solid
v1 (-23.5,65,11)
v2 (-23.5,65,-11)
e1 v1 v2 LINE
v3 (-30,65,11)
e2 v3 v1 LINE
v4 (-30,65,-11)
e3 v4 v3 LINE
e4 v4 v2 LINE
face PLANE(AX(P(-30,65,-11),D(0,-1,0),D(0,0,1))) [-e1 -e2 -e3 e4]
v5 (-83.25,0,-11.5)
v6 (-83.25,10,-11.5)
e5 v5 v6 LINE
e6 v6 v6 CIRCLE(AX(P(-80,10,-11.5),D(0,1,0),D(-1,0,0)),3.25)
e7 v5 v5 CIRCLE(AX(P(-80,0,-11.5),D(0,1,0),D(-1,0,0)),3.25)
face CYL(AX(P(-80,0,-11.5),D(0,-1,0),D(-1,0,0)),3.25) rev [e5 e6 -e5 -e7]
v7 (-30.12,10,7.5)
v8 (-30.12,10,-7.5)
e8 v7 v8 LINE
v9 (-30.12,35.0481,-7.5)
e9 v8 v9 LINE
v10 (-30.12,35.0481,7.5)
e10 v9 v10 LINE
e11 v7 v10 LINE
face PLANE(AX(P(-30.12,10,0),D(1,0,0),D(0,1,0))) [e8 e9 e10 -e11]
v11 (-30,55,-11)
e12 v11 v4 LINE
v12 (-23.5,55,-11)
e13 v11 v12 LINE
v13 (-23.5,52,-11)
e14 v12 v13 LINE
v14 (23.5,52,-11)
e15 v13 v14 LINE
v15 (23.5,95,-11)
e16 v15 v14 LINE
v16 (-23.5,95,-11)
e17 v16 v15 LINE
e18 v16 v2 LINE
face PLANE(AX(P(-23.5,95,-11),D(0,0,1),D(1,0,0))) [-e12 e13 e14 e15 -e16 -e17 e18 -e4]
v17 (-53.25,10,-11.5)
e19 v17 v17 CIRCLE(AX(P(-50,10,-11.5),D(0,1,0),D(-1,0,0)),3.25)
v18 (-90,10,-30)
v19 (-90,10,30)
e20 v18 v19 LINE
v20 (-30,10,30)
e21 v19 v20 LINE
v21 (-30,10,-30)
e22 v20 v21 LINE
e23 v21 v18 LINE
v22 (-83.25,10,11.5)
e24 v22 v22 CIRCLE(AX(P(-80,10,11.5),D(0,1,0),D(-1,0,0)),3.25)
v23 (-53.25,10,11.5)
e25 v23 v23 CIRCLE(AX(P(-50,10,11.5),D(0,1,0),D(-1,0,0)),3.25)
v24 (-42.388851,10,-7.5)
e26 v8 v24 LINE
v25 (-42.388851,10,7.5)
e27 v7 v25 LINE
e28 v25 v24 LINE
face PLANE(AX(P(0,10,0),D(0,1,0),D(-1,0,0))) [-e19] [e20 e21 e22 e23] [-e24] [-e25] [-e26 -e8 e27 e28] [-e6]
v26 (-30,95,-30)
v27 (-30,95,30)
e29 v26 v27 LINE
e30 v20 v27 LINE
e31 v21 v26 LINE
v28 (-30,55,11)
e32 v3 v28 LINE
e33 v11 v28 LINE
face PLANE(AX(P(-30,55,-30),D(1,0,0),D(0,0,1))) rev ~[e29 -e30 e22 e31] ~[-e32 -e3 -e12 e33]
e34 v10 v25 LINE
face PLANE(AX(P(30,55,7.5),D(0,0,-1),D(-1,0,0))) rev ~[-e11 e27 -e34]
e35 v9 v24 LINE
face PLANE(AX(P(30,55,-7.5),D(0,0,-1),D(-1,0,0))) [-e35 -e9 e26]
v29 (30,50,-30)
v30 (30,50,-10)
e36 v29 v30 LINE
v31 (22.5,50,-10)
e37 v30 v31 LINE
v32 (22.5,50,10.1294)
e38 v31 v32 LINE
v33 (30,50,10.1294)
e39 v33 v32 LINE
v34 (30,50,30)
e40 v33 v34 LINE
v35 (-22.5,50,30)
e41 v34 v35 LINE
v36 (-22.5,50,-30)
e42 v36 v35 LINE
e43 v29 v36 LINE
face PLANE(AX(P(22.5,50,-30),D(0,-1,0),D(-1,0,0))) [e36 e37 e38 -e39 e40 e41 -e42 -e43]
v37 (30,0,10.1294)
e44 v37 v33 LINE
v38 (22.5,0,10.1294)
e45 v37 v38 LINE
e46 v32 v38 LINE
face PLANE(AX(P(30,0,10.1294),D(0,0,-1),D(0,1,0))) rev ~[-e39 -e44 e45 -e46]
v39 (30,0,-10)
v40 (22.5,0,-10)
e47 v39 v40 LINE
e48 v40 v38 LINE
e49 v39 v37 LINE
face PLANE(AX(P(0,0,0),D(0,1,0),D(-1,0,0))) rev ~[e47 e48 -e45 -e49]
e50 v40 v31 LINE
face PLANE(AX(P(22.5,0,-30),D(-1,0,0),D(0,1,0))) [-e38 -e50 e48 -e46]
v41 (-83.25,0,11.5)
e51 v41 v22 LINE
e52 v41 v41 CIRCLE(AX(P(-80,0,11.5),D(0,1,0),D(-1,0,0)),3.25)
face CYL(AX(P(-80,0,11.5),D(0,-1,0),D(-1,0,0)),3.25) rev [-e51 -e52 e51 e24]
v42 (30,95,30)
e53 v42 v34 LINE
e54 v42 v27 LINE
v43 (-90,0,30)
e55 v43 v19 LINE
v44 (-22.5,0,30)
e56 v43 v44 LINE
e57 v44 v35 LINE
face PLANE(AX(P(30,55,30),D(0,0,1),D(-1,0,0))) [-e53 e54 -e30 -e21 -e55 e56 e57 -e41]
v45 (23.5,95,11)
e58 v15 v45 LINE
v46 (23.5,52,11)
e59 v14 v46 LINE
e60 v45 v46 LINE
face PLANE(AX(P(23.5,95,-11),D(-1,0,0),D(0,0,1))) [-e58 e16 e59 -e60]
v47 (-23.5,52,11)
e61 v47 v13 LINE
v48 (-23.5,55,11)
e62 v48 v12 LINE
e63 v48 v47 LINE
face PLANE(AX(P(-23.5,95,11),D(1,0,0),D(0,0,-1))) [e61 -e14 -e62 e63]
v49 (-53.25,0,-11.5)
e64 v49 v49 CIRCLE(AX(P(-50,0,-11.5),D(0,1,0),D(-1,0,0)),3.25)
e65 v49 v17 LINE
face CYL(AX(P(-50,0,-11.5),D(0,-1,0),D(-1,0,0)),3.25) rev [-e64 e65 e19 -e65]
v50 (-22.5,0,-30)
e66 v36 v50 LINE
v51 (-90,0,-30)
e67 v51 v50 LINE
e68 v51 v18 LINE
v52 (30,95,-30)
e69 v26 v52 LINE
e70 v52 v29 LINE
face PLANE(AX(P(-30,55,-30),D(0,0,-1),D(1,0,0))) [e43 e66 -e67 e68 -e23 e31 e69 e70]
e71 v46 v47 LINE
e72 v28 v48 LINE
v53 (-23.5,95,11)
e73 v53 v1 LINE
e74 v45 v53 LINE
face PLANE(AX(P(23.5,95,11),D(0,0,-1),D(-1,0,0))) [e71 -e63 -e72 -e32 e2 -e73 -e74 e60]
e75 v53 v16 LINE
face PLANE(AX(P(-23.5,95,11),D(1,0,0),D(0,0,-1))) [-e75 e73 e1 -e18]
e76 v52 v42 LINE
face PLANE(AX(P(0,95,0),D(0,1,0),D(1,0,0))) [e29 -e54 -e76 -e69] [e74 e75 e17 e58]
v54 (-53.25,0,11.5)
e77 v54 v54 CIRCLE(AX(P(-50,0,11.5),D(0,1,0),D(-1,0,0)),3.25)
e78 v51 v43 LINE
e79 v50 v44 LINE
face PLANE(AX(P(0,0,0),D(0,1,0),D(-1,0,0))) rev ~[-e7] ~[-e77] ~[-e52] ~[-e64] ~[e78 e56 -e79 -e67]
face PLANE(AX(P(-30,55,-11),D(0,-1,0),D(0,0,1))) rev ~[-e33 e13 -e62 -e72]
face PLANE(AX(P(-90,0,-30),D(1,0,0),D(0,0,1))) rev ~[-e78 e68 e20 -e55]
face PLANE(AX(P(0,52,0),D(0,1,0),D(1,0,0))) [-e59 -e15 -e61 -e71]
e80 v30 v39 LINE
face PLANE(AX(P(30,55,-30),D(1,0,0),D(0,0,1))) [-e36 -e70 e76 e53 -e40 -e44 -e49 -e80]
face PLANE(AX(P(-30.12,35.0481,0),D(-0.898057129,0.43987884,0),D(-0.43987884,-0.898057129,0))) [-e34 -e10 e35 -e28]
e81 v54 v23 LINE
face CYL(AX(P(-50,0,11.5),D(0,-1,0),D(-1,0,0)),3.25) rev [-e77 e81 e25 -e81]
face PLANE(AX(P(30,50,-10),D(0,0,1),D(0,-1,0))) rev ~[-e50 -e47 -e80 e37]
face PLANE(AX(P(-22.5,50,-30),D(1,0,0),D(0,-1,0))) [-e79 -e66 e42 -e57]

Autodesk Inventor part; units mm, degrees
ref_plane "YZ Plane" through (0, 0, 0) normal (1, 0, 0) x (0, 1, 0)
ref_plane "XZ Plane" through (0, 0, 0) normal (0, 1, 0) x (-1, 0, 0)
ref_plane "XY Plane" through (0, 0, 0) normal (0, 0, 1) x (1, 0, 0)
sketch "Boceto2" plane through (0, 0, 0) normal (0, 1, 0) x (-1, 0, 0)
  line L0 (-30, 30) -> (30, 30)
  line L1 (30, 30) -> (30, -30)
  line L2 (30, -30) -> (-30, -30)
  line L3 (-30, -30) -> (-30, 30)
  line L4 (-30, 30) -> (30, -30) construction
  line L5 (30, 30) -> (-30, -30) construction
  point P0 (0, 0)
  dimension "d0" = 60
  dimension "d1" = 60
extrude "Extrusión1" add sketch "Boceto2" along normal blind 55
sketch "Boceto3" plane through (30, 0, -30) normal (0, 0, -1) x (-1, 0, 0)
  line L0 (7.5, 50) -> (52.5, 50)
  line L1 (52.5, 50) -> (52.5, 0)
  line L2 (52.5, 0) -> (7.5, 0)
  line L3 (7.5, 0) -> (7.5, 50)
  line L4 (0, 0) -> (60, 0) projected
  point P0 (30, 0)
  dimension "d4" = 45
  dimension "d5" = 50
  dimension "d6" = 0
extrude "Extrusión2" cut sketch "Boceto3" against normal blind 190
sketch "Boceto5" plane through (0, 0, 0) normal (0, 1, 0) x (-1, 0, 0)
  line L0 (30, -30) -> (30, 30) projected
  line L1 (30, 0) -> (60, 0)
  line L2 (90, 30) -> (30, 30)
  line L3 (30, 30) -> (30, -30)
  line L4 (30, -30) -> (90, -30)
  line L5 (90, -30) -> (90, 30)
  line L6 (90, 30) -> (30, -30) construction
  line L7 (30, 30) -> (90, -30) construction
  circle A0 centre (50, 11.5) radius 3.25
  circle A1 centre (50, -11.5) radius 3.25
  circle A2 centre (80, 11.5) radius 3.25
  circle A3 centre (80, -11.5) radius 3.25
  point P0 (0, 0)
  dimension "d16" = 30
  dimension "d17" = 60
  dimension "d18" = 60
  dimension "d19" = 6.5
  dimension "d20" = 20
  dimension "d21" = 18.5
  dimension "d22" = 23
  dimension "d23" = 6.5
  dimension "d24" = 30
  dimension "d25" = 18.5
extrude "Extrusión4" add sketch "Boceto5" along normal blind 10
sketch "Boceto6" plane through (0, 55, 0) normal (0, 1, 0) x (1, 0, 0)
  line L0 (-30, 30) -> (-30, -30) projected
  line L1 (30, -30) -> (-30, -30)
  line L2 (-30, -30) -> (-30, 30)
  line L3 (-30, 30) -> (30, 30)
  line L4 (30, 30) -> (30, -30)
  line L5 (30, -30) -> (-30, 30) construction
  line L6 (-30, -30) -> (30, 30) construction
  point P0 (0, 0)
  dimension "d28" = 60
extrude "Extrusión5" add sketch "Boceto6" along normal blind 40
sketch "Boceto7" plane through (0, 95, 0) normal (0, 1, 0) x (1, 0, 0)
  line L0 (-23.5, 11) -> (23.5, 11)
  line L1 (23.5, 11) -> (23.5, -11)
  line L2 (23.5, -11) -> (-23.5, -11)
  line L3 (-23.5, -11) -> (-23.5, 11)
  line L4 (-23.5, 11) -> (23.5, -11) construction
  line L5 (23.5, 11) -> (-23.5, -11) construction
  point P0 (0, 0)
  dimension "d31" = 47
  dimension "d32" = 22
extrude "Extrusión6" cut sketch "Boceto7" against normal blind 43
sketch "Boceto8" plane through (-30, 0, 30) normal (-1, 0, 0) x (0, 0, 1)
  line L0 (-60, 55) -> (-44, 55) projected
  line L1 (0, 55) -> (-16, 55) projected
  line L2 (-44, 55) -> (-16, 55)
  line L3 (-41, 65) -> (-19, 65)
  line L4 (-19, 65) -> (-19, 55)
  line L5 (-19, 55) -> (-41, 55)
  line L6 (-41, 55) -> (-41, 65)
  line L7 (-41, 65) -> (-19, 55) construction
  line L8 (-19, 65) -> (-41, 55) construction
  line L9 (-16, 55) -> (-16, 95) projected
  line L10 (-44, 55) -> (-44, 95) projected
  point P0 (-30, 0)
  point P1 (-30, 60)
  point P2 (-41, 55)
  point P3 (-19, 55)
  point P4 (0, 95)
  point P5 (-60, 95)
  point P6 (-41, 60)
  dimension "d35" = 22
  dimension "d36" = 10
  dimension "d37" = 0
  dimension "d53" = 3
  dimension "d54" = 3
extrude "Extrusión7" cut sketch "Boceto8" against normal blind 10
ref_plane "Plano de trabajo1" through (30, 55, 0) normal (0, 0, -1) x (-1, 0, 0)
sketch "Boceto10" plane through (30, 55, 0) normal (0, 0, -1) x (-1, 0, 0)
  line L0 (60.12, -45) -> (60.12, 17.4198)
  line L1 (60.12, -45) -> (60.12, 13.5667)
  line L2 (60.12, -45) -> (137.1989, -45)
  line L3 (60.12, -19.9519) -> (80.5233, -61.6073)
  line L4 (120, -45) -> (60, -45) projected
  point P0 (30, -55)
  point P1 (72.3889, -45)
  dimension "d41" = 0
extrude "Extrusión8" add sketch "Boceto10" along normal mid plane 15
sketch "Boceto11" plane through (30, 0, 30) normal (1, 0, 0) x (0, 0, -1)
  line L0 (30, 0) -> (30, 50)
  line L1 (60, 50) -> (0, 50) projected
  line L2 (0, 0) -> (60, 0) projected
  line L3 (20, 50) -> (40, 50)
  line L4 (40, 50) -> (40, 0)
  line L5 (40, 0) -> (20, 0)
  line L6 (20, 0) -> (20, 50)
  line L7 (20, 50) -> (40, 0) construction
  line L8 (40, 50) -> (20, 0) construction
  line L9 (60, 0) -> (60, 95) projected
  line L10 (40, 50) -> (60, 50)
  line L11 (60, 50) -> (60, 0)
  line L12 (60, 0) -> (40, 0)
  line L13 (40, 0) -> (40, 50)
  line L14 (0, 0) -> (0, 95) projected
  line L15 (19.8706, 50) -> (0, 50)
  line L16 (0, 50) -> (0, 0)
  line L17 (0, 0) -> (19.8706, 0)
  line L18 (19.8706, 0) -> (19.8706, 50)
  point P0 (30, 25)
  dimension "d55" = 20
extrude "Extrusión9" cut sketch "Boceto11" against normal blind 10 contours L4 L1 L9 L2 | L2 L14 L1 L18
properties part number "depth_camera_support_v2"
